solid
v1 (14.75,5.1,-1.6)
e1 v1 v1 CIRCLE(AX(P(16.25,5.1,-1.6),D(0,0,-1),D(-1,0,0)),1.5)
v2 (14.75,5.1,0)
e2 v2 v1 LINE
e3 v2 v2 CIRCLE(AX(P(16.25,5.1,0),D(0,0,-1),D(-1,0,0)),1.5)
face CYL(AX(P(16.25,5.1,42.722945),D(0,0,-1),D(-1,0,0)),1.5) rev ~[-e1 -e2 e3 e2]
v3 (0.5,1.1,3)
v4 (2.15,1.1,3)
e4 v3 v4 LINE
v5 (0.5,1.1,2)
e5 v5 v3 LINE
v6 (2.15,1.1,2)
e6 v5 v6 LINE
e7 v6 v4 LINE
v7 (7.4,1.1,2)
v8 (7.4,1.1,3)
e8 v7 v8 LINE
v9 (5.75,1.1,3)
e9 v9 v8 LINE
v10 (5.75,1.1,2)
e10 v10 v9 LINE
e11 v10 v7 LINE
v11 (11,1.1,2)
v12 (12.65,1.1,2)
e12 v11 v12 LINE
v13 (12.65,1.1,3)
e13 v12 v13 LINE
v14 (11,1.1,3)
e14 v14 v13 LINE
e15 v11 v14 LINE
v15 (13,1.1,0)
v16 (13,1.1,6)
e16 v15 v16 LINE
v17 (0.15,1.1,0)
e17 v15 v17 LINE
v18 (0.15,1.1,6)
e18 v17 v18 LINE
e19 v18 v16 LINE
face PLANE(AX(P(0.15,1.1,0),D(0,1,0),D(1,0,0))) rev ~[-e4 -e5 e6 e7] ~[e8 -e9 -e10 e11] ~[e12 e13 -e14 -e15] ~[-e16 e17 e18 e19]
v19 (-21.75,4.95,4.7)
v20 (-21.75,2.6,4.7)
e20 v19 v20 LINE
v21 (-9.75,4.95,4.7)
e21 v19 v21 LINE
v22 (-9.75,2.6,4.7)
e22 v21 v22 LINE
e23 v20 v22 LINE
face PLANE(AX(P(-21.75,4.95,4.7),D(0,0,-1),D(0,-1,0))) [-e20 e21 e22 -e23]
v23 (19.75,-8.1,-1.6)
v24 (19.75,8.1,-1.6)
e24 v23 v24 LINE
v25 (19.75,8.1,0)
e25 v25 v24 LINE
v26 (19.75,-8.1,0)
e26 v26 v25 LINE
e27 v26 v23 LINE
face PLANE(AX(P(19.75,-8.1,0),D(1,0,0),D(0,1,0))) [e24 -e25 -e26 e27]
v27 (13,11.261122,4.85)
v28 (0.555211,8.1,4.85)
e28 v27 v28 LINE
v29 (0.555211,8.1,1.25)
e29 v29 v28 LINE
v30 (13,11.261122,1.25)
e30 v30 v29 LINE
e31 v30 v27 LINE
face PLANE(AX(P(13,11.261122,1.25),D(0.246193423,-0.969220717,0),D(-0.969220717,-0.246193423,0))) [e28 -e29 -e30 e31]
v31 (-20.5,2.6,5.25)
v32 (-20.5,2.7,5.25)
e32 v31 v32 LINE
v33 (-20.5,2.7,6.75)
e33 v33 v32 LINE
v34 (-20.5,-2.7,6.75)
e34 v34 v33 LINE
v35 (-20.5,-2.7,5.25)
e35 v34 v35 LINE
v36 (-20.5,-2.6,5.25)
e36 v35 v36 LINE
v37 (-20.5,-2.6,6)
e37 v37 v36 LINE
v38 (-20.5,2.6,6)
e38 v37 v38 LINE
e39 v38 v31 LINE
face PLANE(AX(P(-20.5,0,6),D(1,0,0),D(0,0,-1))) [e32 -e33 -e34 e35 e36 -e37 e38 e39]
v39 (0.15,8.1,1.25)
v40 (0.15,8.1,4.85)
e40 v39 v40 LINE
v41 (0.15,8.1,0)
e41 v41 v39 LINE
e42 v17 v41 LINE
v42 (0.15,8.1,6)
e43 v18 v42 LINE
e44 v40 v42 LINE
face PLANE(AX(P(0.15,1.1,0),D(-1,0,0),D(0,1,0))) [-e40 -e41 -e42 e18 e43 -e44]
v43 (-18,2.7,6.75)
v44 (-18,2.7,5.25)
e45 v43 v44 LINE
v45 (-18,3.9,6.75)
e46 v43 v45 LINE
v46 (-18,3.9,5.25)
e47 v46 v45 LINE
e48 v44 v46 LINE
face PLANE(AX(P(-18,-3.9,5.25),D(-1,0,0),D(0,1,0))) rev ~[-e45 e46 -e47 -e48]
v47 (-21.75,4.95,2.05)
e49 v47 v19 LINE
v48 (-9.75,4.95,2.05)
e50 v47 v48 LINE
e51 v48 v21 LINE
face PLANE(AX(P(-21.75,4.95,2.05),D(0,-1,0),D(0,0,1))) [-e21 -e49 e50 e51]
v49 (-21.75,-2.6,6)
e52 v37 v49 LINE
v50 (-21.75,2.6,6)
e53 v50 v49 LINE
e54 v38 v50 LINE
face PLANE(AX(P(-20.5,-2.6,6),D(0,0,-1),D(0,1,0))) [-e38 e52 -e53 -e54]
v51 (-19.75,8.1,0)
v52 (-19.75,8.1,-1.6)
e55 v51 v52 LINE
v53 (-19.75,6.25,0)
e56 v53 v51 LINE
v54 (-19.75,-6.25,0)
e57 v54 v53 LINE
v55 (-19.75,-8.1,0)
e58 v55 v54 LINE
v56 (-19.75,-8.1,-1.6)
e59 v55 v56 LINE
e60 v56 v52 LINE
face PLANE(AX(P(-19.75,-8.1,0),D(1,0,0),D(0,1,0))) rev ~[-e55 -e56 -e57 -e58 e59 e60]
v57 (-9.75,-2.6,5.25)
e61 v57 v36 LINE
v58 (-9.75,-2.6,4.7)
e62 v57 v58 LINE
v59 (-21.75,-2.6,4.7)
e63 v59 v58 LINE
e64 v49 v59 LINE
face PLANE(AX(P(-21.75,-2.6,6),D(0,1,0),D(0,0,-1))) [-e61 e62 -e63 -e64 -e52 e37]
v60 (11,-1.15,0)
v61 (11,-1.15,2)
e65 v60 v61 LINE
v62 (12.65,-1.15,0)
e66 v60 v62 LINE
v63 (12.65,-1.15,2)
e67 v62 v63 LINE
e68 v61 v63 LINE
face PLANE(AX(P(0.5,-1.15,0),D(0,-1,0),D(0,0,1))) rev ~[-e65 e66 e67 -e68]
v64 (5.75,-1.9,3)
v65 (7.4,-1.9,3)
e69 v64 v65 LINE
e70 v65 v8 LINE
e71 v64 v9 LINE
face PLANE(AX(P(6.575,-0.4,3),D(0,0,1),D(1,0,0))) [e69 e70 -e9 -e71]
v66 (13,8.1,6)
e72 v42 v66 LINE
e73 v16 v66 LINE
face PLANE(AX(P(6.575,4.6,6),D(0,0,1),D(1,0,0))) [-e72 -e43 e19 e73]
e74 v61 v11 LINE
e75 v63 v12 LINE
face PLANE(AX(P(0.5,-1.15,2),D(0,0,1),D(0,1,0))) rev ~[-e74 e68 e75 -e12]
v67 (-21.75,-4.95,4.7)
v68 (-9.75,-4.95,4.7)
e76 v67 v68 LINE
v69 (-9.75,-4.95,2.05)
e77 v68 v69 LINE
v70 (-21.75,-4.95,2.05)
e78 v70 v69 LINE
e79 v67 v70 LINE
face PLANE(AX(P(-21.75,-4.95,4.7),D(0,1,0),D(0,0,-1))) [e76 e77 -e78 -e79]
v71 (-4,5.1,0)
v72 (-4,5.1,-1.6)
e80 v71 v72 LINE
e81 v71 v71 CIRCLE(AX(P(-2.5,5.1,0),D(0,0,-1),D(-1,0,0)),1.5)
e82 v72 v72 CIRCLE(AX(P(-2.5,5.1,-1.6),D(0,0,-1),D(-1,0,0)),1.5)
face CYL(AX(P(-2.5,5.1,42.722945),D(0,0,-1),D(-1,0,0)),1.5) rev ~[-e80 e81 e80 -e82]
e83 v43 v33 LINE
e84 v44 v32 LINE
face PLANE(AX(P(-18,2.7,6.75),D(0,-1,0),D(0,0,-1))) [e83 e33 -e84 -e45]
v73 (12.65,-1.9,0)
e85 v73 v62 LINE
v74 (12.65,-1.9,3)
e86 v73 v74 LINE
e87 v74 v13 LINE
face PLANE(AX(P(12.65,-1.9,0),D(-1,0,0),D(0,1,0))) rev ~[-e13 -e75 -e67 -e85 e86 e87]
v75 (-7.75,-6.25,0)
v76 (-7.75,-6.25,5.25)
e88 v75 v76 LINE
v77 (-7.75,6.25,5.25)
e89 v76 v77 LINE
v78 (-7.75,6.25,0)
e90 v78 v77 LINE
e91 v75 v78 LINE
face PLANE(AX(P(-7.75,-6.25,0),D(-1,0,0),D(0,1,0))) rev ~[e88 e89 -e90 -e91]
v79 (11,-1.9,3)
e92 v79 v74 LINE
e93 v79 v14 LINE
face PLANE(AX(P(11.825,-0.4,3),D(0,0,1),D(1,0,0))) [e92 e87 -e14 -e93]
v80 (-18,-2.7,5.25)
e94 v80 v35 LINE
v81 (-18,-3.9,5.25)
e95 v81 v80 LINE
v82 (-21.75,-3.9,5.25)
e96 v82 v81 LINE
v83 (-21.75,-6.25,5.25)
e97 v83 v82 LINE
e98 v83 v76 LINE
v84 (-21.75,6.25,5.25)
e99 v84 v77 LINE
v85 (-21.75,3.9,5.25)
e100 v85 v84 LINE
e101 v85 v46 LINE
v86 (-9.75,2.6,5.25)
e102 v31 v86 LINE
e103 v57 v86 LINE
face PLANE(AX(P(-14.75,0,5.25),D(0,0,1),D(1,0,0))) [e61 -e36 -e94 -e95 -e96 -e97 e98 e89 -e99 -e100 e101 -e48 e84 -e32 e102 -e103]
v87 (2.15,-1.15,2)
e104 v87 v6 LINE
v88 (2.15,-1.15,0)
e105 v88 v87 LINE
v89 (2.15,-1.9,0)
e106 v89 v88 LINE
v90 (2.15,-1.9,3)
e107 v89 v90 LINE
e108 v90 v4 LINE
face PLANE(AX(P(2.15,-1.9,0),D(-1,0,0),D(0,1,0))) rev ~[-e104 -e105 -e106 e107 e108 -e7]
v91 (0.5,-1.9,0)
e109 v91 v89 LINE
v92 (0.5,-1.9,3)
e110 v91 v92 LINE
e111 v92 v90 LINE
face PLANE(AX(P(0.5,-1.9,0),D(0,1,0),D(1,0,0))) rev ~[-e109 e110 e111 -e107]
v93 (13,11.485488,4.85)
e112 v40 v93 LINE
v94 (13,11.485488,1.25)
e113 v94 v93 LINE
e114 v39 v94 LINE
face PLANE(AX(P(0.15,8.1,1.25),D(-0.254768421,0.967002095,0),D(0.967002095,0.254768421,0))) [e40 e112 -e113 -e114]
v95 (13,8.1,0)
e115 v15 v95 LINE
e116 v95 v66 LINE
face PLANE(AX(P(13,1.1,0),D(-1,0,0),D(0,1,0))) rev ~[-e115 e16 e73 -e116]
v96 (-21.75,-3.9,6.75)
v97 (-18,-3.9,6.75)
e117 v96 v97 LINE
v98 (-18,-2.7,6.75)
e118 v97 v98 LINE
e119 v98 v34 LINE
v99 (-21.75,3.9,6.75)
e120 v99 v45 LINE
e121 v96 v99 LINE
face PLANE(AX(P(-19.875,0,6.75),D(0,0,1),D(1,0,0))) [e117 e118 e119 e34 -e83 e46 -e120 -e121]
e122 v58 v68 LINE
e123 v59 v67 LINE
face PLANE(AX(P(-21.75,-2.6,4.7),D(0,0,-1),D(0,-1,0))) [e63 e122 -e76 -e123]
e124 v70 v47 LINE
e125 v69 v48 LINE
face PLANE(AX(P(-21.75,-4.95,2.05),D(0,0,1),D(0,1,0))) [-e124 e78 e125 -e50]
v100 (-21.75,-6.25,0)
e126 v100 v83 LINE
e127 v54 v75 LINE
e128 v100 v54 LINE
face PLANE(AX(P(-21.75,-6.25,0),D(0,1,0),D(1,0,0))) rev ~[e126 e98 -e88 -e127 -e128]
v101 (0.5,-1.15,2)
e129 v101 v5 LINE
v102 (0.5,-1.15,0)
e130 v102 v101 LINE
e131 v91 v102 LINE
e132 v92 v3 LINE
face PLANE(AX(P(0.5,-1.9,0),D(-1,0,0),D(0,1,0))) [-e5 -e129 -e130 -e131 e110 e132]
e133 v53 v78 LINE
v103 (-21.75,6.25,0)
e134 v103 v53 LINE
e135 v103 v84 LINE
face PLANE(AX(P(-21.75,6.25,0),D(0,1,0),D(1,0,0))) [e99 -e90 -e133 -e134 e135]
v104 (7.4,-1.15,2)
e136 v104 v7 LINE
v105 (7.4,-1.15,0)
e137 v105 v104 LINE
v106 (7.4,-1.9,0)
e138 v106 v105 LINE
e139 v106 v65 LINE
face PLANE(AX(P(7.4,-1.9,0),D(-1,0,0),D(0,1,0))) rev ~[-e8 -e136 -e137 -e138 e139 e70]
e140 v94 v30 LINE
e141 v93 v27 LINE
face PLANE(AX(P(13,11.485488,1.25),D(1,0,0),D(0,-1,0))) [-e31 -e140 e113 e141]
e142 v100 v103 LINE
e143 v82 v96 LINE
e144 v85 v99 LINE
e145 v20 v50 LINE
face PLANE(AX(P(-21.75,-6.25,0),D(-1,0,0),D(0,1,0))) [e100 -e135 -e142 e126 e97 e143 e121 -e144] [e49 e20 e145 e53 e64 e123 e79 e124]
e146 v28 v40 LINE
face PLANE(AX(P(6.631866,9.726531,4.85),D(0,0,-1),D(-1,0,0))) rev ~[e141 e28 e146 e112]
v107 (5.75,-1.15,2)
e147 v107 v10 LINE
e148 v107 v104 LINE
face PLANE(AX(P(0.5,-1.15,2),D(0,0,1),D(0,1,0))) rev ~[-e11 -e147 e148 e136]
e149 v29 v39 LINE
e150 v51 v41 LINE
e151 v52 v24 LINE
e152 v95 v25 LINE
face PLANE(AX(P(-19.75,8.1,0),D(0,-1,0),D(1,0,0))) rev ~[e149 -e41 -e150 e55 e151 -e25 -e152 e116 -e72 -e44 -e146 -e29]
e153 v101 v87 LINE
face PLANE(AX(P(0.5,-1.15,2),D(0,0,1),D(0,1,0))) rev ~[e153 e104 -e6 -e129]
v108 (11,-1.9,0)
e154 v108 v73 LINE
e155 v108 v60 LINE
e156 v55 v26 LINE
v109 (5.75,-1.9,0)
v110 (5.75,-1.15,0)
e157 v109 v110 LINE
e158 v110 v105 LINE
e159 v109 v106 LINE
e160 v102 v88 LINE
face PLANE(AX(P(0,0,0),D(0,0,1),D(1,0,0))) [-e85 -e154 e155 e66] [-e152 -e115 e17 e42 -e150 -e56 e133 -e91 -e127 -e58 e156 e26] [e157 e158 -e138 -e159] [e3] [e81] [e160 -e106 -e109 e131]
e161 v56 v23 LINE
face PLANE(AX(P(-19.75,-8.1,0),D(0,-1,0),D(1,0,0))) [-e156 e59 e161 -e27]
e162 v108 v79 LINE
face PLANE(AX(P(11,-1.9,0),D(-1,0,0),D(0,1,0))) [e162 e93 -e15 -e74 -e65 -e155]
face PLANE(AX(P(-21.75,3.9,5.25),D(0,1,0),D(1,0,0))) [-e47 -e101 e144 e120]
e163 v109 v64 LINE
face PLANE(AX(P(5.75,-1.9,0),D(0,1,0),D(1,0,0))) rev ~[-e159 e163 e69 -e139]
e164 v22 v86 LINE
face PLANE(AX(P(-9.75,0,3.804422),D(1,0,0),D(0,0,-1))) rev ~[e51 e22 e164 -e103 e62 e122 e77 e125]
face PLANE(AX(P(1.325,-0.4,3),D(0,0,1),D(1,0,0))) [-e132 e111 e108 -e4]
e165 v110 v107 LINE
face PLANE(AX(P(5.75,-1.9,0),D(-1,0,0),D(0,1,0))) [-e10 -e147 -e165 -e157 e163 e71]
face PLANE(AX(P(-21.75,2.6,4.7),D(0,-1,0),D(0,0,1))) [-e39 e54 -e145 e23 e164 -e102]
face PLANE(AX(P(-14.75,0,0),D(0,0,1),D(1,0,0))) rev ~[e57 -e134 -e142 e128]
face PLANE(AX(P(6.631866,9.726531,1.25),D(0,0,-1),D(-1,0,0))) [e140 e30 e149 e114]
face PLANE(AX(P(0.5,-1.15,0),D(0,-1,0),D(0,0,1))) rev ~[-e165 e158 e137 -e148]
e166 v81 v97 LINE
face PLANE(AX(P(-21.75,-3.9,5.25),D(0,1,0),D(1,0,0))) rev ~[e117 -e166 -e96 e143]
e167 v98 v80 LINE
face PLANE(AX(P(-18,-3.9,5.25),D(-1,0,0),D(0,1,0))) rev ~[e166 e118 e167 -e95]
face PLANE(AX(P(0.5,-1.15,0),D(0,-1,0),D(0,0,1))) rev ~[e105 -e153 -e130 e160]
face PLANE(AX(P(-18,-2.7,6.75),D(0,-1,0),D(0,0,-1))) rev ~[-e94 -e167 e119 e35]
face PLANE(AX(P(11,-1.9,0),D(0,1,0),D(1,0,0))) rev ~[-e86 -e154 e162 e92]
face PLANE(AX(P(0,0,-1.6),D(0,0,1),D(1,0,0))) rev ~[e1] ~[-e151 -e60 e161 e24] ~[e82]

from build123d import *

# Parameters (mm, degrees)
SKETCH1_W                = 39.5
SKETCH1_H                = 16.2
BOSS_EXTRUDE1_DEPTH      = 1.6
F_3_0_3_DIAMETER_HOLE1_D = 3
SKETCH4_W                = 12.85
SKETCH4_H                = 7
BOSS_EXTRUDE2_DEPTH      = 6
SKETCH5_W                = 14
SKETCH5_H                = 12.5
BOSS_EXTRUDE3_DEPTH      = 5.25
SKETCH6_W                = 3.75
SKETCH6_H                = 7.8
BOSS_EXTRUDE4_DEPTH      = 1.5
SKETCH7_W                = 1.65
SKETCH7_H                = 3
BOSS_EXTRUDE5_DEPTH      = 3
BOSS_EXTRUDE6_START      = -1.25
BOSS_EXTRUDE6_DEPTH      = 3.6
SKETCH13_W               = 2
SKETCH13_H               = 2.25
CUT_EXTRUDE5_DEPTH       = 26.933403936
SKETCH10_W               = 1.5
SKETCH10_H               = 5.4
CUT_EXTRUDE2_DEPTH       = 2.5
SKETCH11_W               = 0.75
SKETCH11_H               = 5.2
CUT_EXTRUDE3_DEPTH       = 43.39742256
CUT_EXTRUDE4_DEPTH       = 12


with BuildPart() as part:
    # Sketch1 → Boss-Extrude1 (new body)
    with BuildSketch(Plane.XY):
        Rectangle(SKETCH1_W, SKETCH1_H)
    extrude(amount=-BOSS_EXTRUDE1_DEPTH)

    # Ø3.0 (3) Diameter Hole1 (through all)
    with Locations(Plane.XY):
        with Locations((-2.5, 5.1), (16.25, 5.1)):
            Hole(F_3_0_3_DIAMETER_HOLE1_D / 2)

    # Sketch4 → Boss-Extrude2 (add)
    with BuildSketch(Plane.XY):
        with Locations((6.575, 4.6)):
            Rectangle(SKETCH4_W, SKETCH4_H)
    extrude(amount=BOSS_EXTRUDE2_DEPTH)

    # Sketch5 → Boss-Extrude3 (add)
    with BuildSketch(Plane.XY):
        with Locations((-14.75, 0)):
            Rectangle(SKETCH5_W, SKETCH5_H)
    extrude(amount=BOSS_EXTRUDE3_DEPTH)

    # Sketch6 → Boss-Extrude4 (add)
    with BuildSketch(Plane.XY.offset(5.25)):
        with Locations((-19.875, 0)):
            Rectangle(SKETCH6_W, SKETCH6_H)
    extrude(amount=BOSS_EXTRUDE4_DEPTH)

    # Sketch7 → Boss-Extrude5 (add)
    with BuildSketch(Plane.XY):
        with Locations((11.825, -0.4)):
            Rectangle(SKETCH7_W, SKETCH7_H)
        with Locations((6.575, -0.4)):
            Rectangle(SKETCH7_W, SKETCH7_H)
        with Locations((1.325, -0.4)):
            Rectangle(SKETCH7_W, SKETCH7_H)
    extrude(amount=BOSS_EXTRUDE5_DEPTH)

    # Sketch8 → Boss-Extrude6 (add)
    with BuildSketch(Plane(origin=(0, 0, 0), x_dir=(-1, 0, 0), z_dir=(0, 0, -1)).offset(BOSS_EXTRUDE6_START)):
        Polygon((-13, 11.261122396), (-0.555210526, 8.1), (-0.15, 8.1), (-13, 11.485488222), align=None)
    extrude(amount=-BOSS_EXTRUDE6_DEPTH)

    # Sketch13 → Cut-Extrude5 (cut, through all)
    with BuildSketch(Plane.ZY.offset(-0.5)):
        with Locations((1, -0.025)):
            Rectangle(SKETCH13_W, SKETCH13_H)
    extrude(amount=-CUT_EXTRUDE5_DEPTH, mode=Mode.SUBTRACT)

    # Sketch10 → Cut-Extrude2 (cut)
    with BuildSketch(Plane(origin=(-18, 0, 0), x_dir=(0, 0, -1), z_dir=(1, 0, 0))):
        with Locations((-6, 0)):
            Rectangle(SKETCH10_W, SKETCH10_H)
    extrude(amount=-CUT_EXTRUDE2_DEPTH, mode=Mode.SUBTRACT)

    # Sketch11 → Cut-Extrude3 (cut, through all)
    with BuildSketch(Plane(origin=(-20.5, 0, 0), x_dir=(0, 0, -1), z_dir=(1, 0, 0))):
        with Locations((-5.625, 0)):
            Rectangle(SKETCH11_W, SKETCH11_H)
    extrude(amount=-CUT_EXTRUDE3_DEPTH, mode=Mode.SUBTRACT)

    # Sketch12 → Cut-Extrude4 (cut)
    with BuildSketch(Plane(origin=(-21.75, 0, 0), x_dir=(0, 0, -1), z_dir=(1, 0, 0))):
        Polygon((-6, -2.6), (-4.7, -2.6), (-4.7, -4.95), (-2.05, -4.95), (-2.05, 4.95), (-4.7, 4.95), (-4.7, 2.6), (-6, 2.6), align=None)
    extrude(amount=CUT_EXTRUDE4_DEPTH, mode=Mode.SUBTRACT)


solid = part.part
